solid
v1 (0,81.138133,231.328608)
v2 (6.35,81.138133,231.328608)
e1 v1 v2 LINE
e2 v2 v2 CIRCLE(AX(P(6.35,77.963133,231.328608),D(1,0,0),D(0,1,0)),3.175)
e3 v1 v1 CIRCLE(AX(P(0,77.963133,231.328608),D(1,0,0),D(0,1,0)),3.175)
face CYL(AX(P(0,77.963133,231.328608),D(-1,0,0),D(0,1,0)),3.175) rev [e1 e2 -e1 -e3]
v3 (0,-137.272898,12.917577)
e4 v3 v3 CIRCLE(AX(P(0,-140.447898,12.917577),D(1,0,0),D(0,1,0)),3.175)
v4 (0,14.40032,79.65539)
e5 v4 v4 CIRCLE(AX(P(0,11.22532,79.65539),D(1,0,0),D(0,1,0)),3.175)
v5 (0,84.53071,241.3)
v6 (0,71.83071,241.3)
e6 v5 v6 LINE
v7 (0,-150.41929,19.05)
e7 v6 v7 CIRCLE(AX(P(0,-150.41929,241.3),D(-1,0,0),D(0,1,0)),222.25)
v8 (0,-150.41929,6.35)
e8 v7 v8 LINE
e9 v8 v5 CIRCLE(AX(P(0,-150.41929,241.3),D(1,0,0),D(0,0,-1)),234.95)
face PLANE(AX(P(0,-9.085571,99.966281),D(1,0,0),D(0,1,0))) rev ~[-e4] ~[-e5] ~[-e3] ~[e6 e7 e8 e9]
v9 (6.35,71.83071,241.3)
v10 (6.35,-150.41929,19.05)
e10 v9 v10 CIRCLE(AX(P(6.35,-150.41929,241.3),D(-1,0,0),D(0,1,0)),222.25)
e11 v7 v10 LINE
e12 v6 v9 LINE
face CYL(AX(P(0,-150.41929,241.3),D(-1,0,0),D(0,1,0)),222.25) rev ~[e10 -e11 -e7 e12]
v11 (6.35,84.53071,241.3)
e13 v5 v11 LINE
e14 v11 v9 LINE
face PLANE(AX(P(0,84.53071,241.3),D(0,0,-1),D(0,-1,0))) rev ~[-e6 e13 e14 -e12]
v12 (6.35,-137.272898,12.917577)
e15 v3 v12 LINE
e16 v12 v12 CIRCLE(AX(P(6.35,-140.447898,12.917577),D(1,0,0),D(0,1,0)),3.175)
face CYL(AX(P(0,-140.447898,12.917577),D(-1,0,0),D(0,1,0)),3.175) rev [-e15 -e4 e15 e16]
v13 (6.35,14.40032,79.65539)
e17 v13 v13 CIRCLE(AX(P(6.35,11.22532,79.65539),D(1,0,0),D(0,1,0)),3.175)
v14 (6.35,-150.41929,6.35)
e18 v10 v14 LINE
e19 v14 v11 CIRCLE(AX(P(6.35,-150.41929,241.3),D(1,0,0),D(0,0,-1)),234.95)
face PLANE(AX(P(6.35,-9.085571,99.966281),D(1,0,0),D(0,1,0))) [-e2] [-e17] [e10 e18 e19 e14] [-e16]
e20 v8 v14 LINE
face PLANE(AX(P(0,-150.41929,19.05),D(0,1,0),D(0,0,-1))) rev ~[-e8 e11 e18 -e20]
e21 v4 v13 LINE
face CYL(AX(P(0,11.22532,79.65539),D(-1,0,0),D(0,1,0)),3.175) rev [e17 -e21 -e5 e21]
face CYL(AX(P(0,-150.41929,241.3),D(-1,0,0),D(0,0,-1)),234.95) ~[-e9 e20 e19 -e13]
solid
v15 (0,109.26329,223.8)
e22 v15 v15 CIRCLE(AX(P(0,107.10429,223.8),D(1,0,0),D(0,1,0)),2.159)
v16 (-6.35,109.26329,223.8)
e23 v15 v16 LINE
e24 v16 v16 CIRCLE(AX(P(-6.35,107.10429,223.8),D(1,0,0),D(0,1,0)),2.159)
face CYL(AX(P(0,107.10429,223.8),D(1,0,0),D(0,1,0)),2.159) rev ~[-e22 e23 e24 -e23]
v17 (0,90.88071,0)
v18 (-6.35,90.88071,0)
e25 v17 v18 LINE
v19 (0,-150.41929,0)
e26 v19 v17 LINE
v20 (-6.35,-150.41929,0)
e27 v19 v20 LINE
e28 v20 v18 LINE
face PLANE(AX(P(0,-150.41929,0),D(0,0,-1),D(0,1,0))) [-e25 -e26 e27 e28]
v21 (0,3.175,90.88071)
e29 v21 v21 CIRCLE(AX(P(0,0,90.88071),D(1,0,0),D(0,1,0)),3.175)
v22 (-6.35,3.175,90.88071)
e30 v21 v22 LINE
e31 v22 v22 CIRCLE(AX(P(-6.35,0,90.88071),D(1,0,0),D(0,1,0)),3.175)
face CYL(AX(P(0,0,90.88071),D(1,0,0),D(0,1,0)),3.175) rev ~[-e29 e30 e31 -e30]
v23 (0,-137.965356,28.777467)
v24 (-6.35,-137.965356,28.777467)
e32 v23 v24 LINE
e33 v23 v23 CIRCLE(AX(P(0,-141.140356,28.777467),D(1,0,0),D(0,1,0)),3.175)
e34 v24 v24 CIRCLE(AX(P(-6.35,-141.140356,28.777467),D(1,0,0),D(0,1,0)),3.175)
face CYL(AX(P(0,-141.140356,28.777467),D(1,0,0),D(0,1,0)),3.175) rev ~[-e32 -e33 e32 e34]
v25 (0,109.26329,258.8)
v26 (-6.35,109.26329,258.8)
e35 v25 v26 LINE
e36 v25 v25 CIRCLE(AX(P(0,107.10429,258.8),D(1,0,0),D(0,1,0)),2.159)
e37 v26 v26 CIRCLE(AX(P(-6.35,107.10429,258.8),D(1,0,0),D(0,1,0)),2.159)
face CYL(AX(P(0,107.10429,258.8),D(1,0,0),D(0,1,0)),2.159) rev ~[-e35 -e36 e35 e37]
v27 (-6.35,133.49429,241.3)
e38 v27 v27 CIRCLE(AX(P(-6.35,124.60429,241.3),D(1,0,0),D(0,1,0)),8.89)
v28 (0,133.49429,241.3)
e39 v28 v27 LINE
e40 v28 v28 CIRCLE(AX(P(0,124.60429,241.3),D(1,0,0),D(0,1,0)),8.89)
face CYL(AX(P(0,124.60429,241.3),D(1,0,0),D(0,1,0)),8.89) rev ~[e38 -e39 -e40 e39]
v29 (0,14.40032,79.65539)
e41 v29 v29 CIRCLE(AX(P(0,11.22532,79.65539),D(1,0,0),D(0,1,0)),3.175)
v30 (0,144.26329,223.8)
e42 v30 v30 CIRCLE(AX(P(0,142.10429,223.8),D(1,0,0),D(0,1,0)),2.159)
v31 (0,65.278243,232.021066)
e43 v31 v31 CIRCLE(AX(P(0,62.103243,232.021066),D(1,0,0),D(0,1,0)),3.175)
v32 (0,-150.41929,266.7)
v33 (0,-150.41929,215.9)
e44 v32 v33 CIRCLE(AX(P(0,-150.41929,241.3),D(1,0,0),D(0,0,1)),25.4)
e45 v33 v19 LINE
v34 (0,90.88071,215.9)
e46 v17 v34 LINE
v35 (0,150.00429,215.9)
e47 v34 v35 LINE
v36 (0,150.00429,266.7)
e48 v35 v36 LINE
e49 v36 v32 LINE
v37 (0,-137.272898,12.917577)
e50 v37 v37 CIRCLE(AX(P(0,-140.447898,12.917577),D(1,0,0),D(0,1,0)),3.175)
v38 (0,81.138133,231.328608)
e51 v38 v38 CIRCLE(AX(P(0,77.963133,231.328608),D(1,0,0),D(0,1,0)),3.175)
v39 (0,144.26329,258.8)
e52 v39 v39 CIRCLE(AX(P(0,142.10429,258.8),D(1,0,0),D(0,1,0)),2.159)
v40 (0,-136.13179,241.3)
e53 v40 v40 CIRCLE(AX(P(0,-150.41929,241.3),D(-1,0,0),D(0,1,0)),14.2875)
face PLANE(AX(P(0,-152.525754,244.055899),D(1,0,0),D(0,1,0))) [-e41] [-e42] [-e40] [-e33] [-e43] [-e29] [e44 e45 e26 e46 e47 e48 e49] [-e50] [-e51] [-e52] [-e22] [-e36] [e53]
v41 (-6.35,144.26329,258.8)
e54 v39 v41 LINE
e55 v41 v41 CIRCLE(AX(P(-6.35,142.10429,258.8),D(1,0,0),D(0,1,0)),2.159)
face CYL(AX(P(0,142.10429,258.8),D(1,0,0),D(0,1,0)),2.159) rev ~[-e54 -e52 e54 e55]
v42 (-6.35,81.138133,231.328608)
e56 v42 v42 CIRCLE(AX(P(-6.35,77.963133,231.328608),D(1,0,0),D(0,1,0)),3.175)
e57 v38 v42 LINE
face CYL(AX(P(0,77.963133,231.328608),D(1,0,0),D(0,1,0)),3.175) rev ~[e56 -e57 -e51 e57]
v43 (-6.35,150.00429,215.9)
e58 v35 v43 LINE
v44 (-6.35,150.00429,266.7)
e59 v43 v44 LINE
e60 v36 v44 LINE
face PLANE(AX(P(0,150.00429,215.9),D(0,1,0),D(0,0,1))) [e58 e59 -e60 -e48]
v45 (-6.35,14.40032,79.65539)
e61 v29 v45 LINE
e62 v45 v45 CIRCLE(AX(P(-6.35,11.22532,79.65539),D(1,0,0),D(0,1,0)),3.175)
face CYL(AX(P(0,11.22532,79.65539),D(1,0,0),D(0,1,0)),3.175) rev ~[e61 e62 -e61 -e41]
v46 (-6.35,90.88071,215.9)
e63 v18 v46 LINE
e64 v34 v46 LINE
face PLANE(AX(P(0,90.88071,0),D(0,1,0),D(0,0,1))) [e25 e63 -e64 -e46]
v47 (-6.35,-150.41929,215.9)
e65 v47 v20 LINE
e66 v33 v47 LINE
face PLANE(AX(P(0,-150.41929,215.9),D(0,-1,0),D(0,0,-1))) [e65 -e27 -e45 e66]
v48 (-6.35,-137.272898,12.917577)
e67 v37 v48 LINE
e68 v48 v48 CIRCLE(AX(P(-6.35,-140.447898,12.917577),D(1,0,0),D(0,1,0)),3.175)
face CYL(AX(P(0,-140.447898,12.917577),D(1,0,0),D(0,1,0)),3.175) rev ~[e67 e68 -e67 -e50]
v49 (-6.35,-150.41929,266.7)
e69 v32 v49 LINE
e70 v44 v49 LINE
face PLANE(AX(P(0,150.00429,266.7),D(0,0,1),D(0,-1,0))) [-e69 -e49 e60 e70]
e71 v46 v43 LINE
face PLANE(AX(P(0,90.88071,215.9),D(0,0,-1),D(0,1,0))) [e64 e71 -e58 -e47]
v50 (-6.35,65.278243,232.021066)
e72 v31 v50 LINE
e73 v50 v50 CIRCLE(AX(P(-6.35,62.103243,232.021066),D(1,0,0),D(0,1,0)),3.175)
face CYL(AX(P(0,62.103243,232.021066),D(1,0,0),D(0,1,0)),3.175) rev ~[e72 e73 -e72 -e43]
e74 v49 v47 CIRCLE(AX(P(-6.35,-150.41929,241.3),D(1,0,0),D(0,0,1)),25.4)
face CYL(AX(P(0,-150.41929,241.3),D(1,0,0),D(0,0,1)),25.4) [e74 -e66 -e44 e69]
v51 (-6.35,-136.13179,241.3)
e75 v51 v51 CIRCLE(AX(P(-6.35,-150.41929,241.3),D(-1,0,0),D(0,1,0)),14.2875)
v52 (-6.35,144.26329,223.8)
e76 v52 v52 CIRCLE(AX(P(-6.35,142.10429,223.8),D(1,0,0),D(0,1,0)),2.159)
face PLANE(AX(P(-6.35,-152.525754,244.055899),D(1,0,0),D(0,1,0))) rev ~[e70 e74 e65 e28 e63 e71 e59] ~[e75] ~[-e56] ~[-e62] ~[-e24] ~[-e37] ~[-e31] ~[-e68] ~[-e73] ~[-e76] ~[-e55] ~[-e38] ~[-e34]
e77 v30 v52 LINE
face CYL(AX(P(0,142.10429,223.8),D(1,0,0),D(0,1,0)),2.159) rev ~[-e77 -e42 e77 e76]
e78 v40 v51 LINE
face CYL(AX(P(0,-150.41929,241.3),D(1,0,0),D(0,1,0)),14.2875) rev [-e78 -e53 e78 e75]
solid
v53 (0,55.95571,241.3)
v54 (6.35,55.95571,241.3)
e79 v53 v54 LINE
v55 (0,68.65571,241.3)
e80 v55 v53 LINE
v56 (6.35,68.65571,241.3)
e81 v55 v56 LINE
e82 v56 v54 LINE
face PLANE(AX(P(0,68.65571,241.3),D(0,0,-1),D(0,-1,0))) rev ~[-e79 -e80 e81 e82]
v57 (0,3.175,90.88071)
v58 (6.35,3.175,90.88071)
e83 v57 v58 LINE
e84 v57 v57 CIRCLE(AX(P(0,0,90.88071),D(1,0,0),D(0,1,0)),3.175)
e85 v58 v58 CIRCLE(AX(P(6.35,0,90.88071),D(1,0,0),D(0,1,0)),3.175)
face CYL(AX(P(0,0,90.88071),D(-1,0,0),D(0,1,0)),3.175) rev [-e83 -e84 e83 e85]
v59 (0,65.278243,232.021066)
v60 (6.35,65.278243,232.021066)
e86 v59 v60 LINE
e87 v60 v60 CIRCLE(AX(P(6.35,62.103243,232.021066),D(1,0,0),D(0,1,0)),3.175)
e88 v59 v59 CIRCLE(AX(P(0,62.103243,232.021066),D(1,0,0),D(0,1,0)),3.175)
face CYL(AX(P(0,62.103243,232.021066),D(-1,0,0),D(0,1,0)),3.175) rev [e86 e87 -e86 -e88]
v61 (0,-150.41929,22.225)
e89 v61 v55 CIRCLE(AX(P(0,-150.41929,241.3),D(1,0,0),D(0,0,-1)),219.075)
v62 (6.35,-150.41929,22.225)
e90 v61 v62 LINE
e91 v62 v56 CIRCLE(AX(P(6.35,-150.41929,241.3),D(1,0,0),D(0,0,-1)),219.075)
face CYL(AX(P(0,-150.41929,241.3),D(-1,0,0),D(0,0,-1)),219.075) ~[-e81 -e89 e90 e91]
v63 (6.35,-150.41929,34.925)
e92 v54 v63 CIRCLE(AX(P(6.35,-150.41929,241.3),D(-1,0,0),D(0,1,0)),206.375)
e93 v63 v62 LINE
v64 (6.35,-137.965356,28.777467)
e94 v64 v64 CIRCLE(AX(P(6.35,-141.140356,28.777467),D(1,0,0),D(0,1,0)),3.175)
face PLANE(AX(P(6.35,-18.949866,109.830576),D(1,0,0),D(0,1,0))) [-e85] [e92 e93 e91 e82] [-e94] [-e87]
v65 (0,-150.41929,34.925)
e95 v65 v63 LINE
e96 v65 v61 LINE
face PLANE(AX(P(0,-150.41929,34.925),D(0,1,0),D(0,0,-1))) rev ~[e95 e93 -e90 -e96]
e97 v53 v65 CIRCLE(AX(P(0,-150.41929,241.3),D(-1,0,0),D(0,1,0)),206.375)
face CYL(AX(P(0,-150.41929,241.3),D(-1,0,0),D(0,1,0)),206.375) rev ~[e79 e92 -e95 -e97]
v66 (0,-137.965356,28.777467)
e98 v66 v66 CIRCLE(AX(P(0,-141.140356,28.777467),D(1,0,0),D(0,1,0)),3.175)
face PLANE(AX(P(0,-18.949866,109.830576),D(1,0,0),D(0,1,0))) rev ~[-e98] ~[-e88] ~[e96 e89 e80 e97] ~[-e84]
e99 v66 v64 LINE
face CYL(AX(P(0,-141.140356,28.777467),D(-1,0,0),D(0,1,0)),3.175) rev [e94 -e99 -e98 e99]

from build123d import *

# Parameters (mm, degrees)
F0_R     = 2.159
F0_R_2   = 8.89
F0_R_3   = 3.175
F1_DEPTH = 6.35
F2_DEPTH = 6.35
F3_DEPTH = 6.35


with BuildPart() as f1:
    # F0 (on Right) → F1 (new body)
    with BuildSketch(Plane.YZ):
        with BuildLine():
            Line((-136.1317900279, 241.3), (-125.0192900279, 241.3))
            ThreePointArc((-125.0192900279, 241.3), (-132.4587777858, 259.2605122421), (-150.4192900279, 266.7))
            ThreePointArc((-150.4192900279, 266.7), (-175.8192900279, 241.3), (-150.4192900279, 215.9))
            Line((-150.4192900279, 215.9), (-150.4192900279, 227.0125))
            ThreePointArc((-150.4192900279, 227.0125), (-160.5220781641, 251.4027881362), (-136.1317900279, 241.3))
        make_face()
        with BuildLine():
            ThreePointArc((-150.4192900279, 215.9), (-132.4587777858, 223.3394877579), (-125.0192900279, 241.3))
            Line((-125.0192900279, 241.3), (-136.1317900279, 241.3))
            ThreePointArc((-136.1317900279, 241.3), (-140.3165018917, 231.1972118638), (-150.4192900279, 227.0125))
            Line((-150.4192900279, 227.0125), (-150.4192900279, 215.9))
        make_face()
        with BuildLine():
            ThreePointArc((-150.4192900279, 266.7), (-132.4587777858, 259.2605122421), (-125.0192900279, 241.3))
            Line((-125.0192900279, 241.3), (55.9557099721, 241.3))
            Line((55.9557099721, 241.3), (68.6557099721, 241.3))
            Line((68.6557099721, 241.3), (71.8307099721, 241.3))
            Line((71.8307099721, 241.3), (84.5307099721, 241.3))
            Line((84.5307099721, 241.3), (90.8807099721, 241.3))
            Line((90.8807099721, 241.3), (90.8807099721, 266.7))
            Line((90.8807099721, 266.7), (-150.4192900279, 266.7))
        make_face()
        Polygon((150.0042899721, 266.7), (90.8807099721, 266.7), (90.8807099721, 241.3), (90.8807099721, 215.9), (150.0042899721, 215.9), align=None)
        with Locations((107.1042899721, 223.8)):
            Circle(F0_R, mode=Mode.SUBTRACT)
        with Locations((142.1042899721, 223.8)):
            Circle(F0_R, mode=Mode.SUBTRACT)
        with Locations((107.1042899721, 258.8)):
            Circle(F0_R, mode=Mode.SUBTRACT)
        with Locations((124.6042899721, 241.3)):
            Circle(F0_R_2, mode=Mode.SUBTRACT)
        with Locations((142.1042899721, 258.8)):
            Circle(F0_R, mode=Mode.SUBTRACT)
        with BuildLine():
            Line((90.8807099721, 215.9), (90.8807099721, 241.3))
            Line((90.8807099721, 241.3), (84.5307099721, 241.3))
            ThreePointArc((84.5307099721, 241.3), (15.7154482119, 75.1652617602), (-150.4192900279, 6.35))
            Line((-150.4192900279, 6.35), (-150.4192900279, 0))
            Line((-150.4192900279, 0), (90.8807099721, 0))
            Line((90.8807099721, 0), (90.8807099721, 215.9))
        make_face()
        with BuildLine():
            Line((84.5307099721, 241.3), (71.8307099721, 241.3))
            ThreePointArc((71.8307099721, 241.3), (6.7351920908, 84.1455178813), (-150.4192900279, 19.05))
            Line((-150.4192900279, 19.05), (-150.4192900279, 6.35))
            ThreePointArc((-150.4192900279, 6.35), (15.7154482119, 75.1652617602), (84.5307099721, 241.3))
        make_face()
        with Locations((-140.4478980762, 12.9175765464)):
            Circle(F0_R_3, mode=Mode.SUBTRACT)
        with Locations((11.2253201513, 79.6553898208)):
            Circle(F0_R_3, mode=Mode.SUBTRACT)
        with Locations((77.9631334257, 231.3286080483)):
            Circle(F0_R_3, mode=Mode.SUBTRACT)
        with BuildLine():
            Line((71.8307099721, 241.3), (68.6557099721, 241.3))
            ThreePointArc((68.6557099721, 241.3), (4.4901280605, 86.3905819116), (-150.4192900279, 22.225))
            Line((-150.4192900279, 22.225), (-150.4192900279, 19.05))
            ThreePointArc((-150.4192900279, 19.05), (6.7351920908, 84.1455178813), (71.8307099721, 241.3))
        make_face()
        with BuildLine():
            Line((68.6557099721, 241.3), (55.9557099721, 241.3))
            ThreePointArc((55.9557099721, 241.3), (-4.4901280605, 95.3708380326), (-150.4192900279, 34.925))
            Line((-150.4192900279, 34.925), (-150.4192900279, 22.225))
            ThreePointArc((-150.4192900279, 22.225), (4.4901280605, 86.3905819116), (68.6557099721, 241.3))
        make_face()
        with Locations((-141.1403558506, 28.777467064)):
            Circle(F0_R_3, mode=Mode.SUBTRACT)
        with Locations((0, 90.8807099721)):
            Circle(F0_R_3, mode=Mode.SUBTRACT)
        with Locations((62.1032429081, 232.0210658227)):
            Circle(F0_R_3, mode=Mode.SUBTRACT)
        with BuildLine():
            Line((55.9557099721, 241.3), (-125.0192900279, 241.3))
            ThreePointArc((-125.0192900279, 241.3), (-132.4587777858, 223.3394877579), (-150.4192900279, 215.9))
            Line((-150.4192900279, 215.9), (-150.4192900279, 34.925))
            ThreePointArc((-150.4192900279, 34.925), (-4.4901280605, 95.3708380326), (55.9557099721, 241.3))
        make_face()
    extrude(amount=-F1_DEPTH)


with BuildPart() as f2:
    # F0 (on Right) → F2 (new body)
    with BuildSketch(Plane.YZ):
        with BuildLine():
            Line((68.6557099721, 241.3), (55.9557099721, 241.3))
            ThreePointArc((55.9557099721, 241.3), (-4.4901280605, 95.3708380326), (-150.4192900279, 34.925))
            Line((-150.4192900279, 34.925), (-150.4192900279, 22.225))
            ThreePointArc((-150.4192900279, 22.225), (4.4901280605, 86.3905819116), (68.6557099721, 241.3))
        make_face()
        with Locations((-141.1403558506, 28.777467064)):
            Circle(F0_R_3, mode=Mode.SUBTRACT)
        with Locations((0, 90.8807099721)):
            Circle(F0_R_3, mode=Mode.SUBTRACT)
        with Locations((62.1032429081, 232.0210658227)):
            Circle(F0_R_3, mode=Mode.SUBTRACT)
    extrude(amount=F2_DEPTH)


with BuildPart() as f3:
    # F0 (on Right) → F3 (new body)
    with BuildSketch(Plane.YZ):
        with BuildLine():
            Line((84.5307099721, 241.3), (71.8307099721, 241.3))
            ThreePointArc((71.8307099721, 241.3), (6.7351920908, 84.1455178813), (-150.4192900279, 19.05))
            Line((-150.4192900279, 19.05), (-150.4192900279, 6.35))
            ThreePointArc((-150.4192900279, 6.35), (15.7154482119, 75.1652617602), (84.5307099721, 241.3))
        make_face()
        with Locations((-140.4478980762, 12.9175765464)):
            Circle(F0_R_3, mode=Mode.SUBTRACT)
        with Locations((11.2253201513, 79.6553898208)):
            Circle(F0_R_3, mode=Mode.SUBTRACT)
        with Locations((77.9631334257, 231.3286080483)):
            Circle(F0_R_3, mode=Mode.SUBTRACT)
    extrude(amount=F3_DEPTH)


solid = Compound([f1.part, f2.part, f3.part])
